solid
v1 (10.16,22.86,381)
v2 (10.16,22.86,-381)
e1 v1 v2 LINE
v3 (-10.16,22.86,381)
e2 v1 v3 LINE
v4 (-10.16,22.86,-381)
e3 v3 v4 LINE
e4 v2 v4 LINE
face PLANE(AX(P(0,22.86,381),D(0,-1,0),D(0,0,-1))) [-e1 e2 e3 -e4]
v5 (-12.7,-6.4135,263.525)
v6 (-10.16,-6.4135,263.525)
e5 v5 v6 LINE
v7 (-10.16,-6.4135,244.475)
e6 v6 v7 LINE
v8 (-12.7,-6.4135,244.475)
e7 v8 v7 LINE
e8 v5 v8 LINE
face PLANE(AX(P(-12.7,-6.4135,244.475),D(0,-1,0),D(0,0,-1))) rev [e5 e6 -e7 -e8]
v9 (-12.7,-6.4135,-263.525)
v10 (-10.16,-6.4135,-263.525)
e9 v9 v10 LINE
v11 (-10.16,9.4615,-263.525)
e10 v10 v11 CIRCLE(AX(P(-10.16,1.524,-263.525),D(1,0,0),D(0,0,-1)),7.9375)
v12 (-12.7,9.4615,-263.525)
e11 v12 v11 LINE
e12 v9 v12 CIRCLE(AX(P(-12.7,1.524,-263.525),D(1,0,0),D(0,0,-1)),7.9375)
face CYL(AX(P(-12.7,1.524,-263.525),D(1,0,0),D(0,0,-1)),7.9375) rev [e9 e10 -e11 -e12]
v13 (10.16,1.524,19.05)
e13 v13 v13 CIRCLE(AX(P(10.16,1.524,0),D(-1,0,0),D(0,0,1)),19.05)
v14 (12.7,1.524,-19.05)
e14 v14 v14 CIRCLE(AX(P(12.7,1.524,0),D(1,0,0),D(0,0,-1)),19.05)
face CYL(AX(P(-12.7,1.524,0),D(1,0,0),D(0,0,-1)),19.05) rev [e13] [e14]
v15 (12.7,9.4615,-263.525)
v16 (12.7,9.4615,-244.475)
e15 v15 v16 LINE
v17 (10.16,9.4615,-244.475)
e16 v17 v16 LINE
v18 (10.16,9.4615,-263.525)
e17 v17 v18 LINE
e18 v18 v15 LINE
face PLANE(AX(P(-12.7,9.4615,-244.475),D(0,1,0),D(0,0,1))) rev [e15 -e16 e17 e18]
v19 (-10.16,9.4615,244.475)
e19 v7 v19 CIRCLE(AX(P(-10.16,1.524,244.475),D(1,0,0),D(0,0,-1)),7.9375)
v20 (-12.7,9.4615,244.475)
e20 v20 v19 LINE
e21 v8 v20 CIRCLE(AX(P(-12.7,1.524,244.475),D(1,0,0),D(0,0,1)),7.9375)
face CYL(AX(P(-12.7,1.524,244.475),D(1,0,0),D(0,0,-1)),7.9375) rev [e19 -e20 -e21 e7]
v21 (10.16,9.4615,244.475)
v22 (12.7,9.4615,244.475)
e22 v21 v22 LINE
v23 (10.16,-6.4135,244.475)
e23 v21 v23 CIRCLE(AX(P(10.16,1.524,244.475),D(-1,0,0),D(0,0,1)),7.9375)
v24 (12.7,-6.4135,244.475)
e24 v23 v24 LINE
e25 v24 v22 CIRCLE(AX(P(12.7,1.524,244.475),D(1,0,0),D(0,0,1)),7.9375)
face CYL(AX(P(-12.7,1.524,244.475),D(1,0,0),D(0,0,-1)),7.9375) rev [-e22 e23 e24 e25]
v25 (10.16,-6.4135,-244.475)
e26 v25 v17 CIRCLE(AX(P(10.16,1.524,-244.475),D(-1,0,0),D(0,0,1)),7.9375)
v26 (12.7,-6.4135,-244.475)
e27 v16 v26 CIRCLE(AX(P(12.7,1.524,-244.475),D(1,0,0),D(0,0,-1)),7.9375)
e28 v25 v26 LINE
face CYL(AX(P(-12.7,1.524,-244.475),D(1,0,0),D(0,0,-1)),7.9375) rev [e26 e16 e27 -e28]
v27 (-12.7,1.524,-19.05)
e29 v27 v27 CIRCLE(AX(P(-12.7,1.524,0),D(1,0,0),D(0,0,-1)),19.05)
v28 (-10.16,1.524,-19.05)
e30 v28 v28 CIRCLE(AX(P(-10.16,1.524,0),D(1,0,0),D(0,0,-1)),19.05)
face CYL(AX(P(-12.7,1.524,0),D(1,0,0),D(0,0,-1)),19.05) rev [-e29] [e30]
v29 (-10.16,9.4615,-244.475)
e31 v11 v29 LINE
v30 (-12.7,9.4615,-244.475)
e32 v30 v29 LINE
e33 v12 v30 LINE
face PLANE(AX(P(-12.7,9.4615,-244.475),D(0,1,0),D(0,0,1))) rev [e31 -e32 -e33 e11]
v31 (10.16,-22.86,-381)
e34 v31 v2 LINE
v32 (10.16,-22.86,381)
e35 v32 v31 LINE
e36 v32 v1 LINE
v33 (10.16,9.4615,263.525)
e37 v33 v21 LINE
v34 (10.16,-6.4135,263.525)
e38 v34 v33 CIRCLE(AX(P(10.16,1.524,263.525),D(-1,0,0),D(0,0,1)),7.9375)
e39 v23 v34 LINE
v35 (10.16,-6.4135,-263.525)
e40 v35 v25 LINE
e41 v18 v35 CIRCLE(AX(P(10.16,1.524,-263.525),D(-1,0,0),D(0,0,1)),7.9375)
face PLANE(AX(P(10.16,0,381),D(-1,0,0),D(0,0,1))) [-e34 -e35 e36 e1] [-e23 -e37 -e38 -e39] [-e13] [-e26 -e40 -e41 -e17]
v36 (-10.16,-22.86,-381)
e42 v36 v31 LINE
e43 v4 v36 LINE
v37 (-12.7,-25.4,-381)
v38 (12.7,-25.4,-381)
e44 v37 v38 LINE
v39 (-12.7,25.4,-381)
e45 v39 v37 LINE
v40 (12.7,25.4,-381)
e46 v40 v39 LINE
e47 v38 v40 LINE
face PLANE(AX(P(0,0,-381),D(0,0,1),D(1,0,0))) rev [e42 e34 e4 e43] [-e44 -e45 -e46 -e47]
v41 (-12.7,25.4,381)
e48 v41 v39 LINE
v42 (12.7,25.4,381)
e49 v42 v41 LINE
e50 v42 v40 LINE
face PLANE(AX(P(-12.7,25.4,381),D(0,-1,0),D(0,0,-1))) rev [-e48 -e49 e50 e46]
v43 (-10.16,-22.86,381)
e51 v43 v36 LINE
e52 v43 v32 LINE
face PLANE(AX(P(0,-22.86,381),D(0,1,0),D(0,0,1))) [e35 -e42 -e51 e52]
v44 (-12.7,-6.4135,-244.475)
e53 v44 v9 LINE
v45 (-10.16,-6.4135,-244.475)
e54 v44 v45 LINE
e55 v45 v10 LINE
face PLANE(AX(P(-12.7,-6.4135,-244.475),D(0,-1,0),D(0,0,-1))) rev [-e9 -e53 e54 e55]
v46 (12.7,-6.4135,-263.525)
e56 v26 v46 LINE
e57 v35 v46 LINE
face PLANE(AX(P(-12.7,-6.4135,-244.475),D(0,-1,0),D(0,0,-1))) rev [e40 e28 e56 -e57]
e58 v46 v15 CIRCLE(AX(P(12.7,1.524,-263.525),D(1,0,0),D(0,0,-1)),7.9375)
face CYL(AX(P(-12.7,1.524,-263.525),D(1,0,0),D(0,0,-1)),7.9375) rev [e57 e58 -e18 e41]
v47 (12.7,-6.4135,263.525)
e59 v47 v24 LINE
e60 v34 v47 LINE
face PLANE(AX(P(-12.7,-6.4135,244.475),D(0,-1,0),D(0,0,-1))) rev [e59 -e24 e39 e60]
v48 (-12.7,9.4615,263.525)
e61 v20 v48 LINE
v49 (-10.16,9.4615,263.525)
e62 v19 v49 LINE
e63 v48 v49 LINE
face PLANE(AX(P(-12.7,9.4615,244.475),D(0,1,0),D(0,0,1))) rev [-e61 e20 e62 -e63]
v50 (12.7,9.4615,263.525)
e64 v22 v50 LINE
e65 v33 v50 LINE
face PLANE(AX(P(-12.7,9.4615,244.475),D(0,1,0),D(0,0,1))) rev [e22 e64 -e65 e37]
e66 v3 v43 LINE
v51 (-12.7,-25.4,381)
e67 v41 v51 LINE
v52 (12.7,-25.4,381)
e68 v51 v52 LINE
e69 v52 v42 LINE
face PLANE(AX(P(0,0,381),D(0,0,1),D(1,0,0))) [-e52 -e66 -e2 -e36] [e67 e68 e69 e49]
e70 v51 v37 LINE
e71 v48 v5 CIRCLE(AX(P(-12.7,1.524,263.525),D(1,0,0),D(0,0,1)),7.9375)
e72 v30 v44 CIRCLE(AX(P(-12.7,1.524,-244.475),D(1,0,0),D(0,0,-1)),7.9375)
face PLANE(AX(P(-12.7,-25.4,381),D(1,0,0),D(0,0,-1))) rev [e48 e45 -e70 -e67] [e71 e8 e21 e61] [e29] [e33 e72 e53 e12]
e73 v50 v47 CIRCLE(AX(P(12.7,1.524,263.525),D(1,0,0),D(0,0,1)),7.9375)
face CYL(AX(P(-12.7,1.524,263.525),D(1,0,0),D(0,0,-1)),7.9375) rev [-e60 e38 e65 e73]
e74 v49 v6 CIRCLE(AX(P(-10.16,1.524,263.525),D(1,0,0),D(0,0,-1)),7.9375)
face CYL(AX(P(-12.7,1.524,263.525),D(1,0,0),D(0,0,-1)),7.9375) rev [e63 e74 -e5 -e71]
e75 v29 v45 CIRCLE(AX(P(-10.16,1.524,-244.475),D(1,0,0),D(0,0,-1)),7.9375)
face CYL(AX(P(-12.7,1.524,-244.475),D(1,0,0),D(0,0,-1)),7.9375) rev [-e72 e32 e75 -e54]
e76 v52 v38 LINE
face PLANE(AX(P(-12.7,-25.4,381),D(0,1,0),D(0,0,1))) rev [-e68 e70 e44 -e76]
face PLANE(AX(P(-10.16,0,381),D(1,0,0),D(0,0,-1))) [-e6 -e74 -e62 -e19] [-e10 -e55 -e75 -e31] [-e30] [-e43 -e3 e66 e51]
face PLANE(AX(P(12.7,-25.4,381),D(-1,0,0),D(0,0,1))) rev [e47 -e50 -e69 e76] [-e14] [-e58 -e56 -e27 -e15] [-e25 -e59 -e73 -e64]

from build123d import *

# Parameters (mm, degrees)
SKETCH1_W           = 25.4
SKETCH1_H           = 50.8
SKETCH1_W_2         = 20.32
SKETCH1_H_2         = 45.72
EXTRUDE_THIN1_DEPTH = 381
SKETCH3_R           = 19.05
CUT_EXTRUDE1_DEPTH  = 383.689587002


with BuildPart() as part:
    # Sketch1 → Extrude-Thin1 (new, symmetric)
    with BuildSketch(Plane.XY):
        Rectangle(SKETCH1_W, SKETCH1_H)
        Rectangle(SKETCH1_W_2, SKETCH1_H_2, mode=Mode.SUBTRACT)
    extrude(amount=EXTRUDE_THIN1_DEPTH, both=True)

    # Sketch3 → Cut-Extrude1 (cut, through all)
    with BuildSketch(Plane(origin=(12.7, 0, 0), x_dir=(0, 0, -1), z_dir=(1, 0, 0))):
        with Locations((0, 1.524)):
            Circle(SKETCH3_R)
        with BuildLine():
            Line((244.475, 9.4615), (263.525, 9.4615))
            ThreePointArc((263.525, 9.4615), (271.4625, 1.524), (263.525, -6.4135))
            Line((263.525, -6.4135), (244.475, -6.4135))
            ThreePointArc((244.475, -6.4135), (236.5375, 1.524), (244.475, 9.4615))
        make_face()
        with BuildLine():
            Line((-244.475, 9.4615), (-263.525, 9.4615))
            ThreePointArc((-263.525, 9.4615), (-271.4625, 1.524), (-263.525, -6.4135))
            Line((-263.525, -6.4135), (-244.475, -6.4135))
            ThreePointArc((-244.475, -6.4135), (-236.5375, 1.524), (-244.475, 9.4615))
        make_face()
    extrude(amount=-CUT_EXTRUDE1_DEPTH, mode=Mode.SUBTRACT)


solid = part.part
